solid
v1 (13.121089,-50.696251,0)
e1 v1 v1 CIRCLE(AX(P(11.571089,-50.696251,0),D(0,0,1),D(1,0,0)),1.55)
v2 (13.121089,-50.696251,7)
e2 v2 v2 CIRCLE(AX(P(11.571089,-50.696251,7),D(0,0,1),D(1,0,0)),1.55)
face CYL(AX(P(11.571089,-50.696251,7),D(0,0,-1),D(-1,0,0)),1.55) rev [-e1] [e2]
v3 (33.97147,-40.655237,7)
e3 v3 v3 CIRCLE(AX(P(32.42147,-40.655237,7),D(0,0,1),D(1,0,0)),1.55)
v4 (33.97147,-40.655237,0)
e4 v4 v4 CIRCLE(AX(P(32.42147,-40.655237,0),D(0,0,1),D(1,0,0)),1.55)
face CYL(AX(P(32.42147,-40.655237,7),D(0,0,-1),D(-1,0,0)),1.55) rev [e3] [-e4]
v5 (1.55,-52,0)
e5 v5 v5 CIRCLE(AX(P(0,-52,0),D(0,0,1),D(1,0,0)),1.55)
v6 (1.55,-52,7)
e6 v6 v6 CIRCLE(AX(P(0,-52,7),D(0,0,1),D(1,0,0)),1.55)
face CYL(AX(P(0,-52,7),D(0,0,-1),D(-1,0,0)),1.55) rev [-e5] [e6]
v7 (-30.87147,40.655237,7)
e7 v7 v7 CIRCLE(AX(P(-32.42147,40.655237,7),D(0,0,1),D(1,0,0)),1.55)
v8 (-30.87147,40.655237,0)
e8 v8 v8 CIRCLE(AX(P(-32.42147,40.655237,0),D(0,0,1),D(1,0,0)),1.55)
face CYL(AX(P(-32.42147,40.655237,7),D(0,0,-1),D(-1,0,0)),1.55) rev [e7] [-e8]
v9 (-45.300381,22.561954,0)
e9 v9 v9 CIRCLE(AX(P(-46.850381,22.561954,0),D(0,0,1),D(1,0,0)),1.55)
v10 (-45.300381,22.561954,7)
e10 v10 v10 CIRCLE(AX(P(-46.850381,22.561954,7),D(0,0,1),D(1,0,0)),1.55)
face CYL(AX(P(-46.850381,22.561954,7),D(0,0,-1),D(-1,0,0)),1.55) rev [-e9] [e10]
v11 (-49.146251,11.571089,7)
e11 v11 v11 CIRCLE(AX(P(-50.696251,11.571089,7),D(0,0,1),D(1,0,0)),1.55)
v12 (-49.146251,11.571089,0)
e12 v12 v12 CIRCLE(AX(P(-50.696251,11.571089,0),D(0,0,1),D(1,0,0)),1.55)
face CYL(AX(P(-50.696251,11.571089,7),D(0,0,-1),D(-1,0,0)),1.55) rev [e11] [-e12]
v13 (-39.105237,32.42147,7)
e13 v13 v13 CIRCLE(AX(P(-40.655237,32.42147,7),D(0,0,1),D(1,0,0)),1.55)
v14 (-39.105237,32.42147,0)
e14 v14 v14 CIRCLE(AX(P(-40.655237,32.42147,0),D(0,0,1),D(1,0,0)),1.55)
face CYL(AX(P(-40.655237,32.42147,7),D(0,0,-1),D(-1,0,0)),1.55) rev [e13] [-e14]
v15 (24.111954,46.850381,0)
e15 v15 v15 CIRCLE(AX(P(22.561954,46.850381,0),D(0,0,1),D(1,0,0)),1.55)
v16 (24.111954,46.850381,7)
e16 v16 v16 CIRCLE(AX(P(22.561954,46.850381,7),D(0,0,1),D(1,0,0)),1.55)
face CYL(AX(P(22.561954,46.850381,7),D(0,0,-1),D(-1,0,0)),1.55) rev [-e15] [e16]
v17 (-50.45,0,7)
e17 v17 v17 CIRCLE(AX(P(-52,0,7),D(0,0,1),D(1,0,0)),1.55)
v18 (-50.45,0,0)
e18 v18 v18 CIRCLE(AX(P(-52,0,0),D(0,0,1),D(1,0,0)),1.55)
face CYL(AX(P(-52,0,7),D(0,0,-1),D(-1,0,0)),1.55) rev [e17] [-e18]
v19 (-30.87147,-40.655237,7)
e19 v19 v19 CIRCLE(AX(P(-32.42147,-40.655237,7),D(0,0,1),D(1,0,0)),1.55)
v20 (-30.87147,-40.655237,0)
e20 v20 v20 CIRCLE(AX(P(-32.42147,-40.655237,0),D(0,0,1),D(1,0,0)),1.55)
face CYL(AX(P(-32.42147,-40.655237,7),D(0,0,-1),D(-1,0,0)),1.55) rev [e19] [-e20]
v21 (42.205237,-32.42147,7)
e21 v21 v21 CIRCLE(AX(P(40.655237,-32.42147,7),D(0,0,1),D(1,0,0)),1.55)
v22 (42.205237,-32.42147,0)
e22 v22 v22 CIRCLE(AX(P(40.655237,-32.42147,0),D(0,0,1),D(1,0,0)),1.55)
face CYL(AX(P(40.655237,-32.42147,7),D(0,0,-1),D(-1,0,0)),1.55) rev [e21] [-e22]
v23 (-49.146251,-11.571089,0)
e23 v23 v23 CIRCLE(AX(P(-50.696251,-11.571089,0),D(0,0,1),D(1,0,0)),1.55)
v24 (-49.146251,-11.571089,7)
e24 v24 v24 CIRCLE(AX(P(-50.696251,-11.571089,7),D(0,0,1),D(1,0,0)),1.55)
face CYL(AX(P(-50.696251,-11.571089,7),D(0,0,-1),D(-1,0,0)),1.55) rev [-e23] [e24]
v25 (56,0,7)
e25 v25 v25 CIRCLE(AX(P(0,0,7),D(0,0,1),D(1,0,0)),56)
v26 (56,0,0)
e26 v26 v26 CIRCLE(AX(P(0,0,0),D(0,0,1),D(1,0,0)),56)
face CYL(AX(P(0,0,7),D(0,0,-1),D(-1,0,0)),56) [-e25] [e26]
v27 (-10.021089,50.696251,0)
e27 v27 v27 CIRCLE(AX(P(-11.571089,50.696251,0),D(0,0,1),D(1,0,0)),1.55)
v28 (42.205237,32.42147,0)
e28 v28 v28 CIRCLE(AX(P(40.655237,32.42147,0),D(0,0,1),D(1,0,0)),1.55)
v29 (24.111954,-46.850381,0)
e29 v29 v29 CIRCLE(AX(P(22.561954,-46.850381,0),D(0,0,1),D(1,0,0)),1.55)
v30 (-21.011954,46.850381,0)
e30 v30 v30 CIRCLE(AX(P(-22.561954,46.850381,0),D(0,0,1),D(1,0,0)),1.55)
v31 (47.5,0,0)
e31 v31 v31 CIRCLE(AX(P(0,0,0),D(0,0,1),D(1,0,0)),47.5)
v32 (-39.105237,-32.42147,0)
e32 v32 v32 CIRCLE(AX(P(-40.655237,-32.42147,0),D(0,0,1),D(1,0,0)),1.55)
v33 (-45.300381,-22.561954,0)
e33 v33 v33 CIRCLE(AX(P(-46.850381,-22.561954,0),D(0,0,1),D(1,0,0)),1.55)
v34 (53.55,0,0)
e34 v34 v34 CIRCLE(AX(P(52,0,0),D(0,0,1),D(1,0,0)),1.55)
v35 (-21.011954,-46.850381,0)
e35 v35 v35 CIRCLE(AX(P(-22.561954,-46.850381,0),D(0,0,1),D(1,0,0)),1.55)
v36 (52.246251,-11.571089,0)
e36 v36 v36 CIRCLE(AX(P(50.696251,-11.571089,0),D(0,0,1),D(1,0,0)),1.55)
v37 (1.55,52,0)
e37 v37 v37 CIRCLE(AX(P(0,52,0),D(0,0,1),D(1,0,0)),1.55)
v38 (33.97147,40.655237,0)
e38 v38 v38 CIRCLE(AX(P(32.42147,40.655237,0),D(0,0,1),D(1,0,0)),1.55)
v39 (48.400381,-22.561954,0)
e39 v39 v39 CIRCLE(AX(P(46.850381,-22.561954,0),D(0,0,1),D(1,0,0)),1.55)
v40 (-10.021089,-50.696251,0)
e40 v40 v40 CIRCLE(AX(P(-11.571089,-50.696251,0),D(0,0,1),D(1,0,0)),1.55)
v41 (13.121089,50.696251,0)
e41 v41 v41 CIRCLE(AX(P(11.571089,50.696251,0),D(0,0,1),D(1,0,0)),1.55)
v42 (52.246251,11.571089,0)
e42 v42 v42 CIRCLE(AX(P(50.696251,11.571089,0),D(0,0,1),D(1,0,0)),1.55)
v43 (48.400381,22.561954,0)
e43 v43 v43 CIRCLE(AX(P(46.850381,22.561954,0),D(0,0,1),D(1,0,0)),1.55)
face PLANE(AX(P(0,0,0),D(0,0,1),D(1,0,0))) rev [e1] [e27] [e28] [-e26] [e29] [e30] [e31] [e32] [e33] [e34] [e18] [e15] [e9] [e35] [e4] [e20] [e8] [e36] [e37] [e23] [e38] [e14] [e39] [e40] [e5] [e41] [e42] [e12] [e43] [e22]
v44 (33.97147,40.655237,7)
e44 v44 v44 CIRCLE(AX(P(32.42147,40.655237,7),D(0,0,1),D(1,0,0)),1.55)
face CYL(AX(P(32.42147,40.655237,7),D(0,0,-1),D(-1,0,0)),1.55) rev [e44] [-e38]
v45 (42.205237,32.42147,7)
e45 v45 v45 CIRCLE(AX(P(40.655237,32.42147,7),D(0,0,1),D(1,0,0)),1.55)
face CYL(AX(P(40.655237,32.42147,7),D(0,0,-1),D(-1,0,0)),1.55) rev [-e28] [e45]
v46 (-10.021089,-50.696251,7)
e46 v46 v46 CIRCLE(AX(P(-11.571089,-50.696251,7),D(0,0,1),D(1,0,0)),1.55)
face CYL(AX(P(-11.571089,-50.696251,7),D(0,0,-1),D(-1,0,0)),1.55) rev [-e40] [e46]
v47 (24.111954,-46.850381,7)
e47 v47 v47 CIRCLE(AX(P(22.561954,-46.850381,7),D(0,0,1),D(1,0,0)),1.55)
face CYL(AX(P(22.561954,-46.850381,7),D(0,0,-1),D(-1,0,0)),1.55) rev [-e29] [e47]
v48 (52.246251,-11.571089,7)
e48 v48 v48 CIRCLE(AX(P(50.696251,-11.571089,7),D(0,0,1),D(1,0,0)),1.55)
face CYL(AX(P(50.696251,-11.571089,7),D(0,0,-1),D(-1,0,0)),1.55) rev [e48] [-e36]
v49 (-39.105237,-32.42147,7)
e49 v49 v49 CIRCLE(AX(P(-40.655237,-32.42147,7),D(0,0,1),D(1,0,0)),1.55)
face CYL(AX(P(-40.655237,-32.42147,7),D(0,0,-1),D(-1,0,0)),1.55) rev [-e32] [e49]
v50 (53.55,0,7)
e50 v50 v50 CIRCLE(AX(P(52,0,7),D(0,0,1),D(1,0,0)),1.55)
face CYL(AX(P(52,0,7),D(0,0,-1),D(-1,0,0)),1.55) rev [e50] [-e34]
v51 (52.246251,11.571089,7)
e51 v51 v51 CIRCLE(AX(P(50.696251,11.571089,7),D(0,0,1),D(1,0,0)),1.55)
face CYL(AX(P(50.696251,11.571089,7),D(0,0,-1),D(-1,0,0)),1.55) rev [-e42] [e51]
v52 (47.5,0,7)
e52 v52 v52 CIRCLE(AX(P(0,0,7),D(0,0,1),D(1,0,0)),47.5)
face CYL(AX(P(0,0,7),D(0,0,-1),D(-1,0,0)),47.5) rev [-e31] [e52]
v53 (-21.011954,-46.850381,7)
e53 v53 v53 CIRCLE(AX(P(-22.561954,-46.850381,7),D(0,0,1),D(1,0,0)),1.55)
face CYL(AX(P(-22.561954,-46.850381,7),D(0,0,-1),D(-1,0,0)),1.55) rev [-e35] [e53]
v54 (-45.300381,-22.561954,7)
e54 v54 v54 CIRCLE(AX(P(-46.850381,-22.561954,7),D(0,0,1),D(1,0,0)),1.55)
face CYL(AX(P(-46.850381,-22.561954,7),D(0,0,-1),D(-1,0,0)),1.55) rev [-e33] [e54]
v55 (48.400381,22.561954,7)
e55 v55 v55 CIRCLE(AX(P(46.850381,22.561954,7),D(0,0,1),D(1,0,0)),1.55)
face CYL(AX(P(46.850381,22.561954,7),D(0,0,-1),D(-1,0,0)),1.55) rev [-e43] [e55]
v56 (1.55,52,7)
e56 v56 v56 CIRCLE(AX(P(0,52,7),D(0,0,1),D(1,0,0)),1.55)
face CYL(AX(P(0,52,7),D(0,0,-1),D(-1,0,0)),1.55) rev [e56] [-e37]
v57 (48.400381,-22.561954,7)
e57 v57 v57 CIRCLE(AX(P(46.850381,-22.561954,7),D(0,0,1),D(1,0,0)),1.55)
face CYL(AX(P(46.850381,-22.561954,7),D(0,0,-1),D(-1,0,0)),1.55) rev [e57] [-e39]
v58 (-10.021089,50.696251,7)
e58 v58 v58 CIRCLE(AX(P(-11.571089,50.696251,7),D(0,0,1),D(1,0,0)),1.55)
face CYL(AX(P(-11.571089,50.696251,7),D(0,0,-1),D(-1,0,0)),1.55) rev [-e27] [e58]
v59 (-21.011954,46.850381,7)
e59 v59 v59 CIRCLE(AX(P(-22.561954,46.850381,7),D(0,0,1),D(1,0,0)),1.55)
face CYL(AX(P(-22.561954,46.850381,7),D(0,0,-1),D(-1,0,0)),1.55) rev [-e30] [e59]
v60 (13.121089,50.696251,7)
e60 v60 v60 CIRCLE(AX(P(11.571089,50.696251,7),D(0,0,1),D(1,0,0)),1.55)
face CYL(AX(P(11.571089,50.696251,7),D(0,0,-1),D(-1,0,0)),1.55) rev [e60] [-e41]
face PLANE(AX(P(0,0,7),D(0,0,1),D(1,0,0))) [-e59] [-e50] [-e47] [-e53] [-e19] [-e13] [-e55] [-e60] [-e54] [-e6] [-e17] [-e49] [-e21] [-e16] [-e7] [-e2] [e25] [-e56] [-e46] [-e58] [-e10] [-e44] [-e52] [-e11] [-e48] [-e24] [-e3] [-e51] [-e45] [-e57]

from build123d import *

# Parameters (mm, degrees)
SKETCH_1_R      = 56
SKETCH_1_R_2    = 47.5
SKETCH_1_R_3    = 1.55
EXTRUDE_1_DEPTH = 7


with BuildPart() as part:
    # 草图1 → 凸台-拉伸1 (new body)
    with BuildSketch(Plane.XY):
        Circle(SKETCH_1_R)
        Circle(SKETCH_1_R_2, mode=Mode.SUBTRACT)
        with Locations((0, 52)):
            Circle(SKETCH_1_R_3, mode=Mode.SUBTRACT)
        with Locations((11.571088566, 50.696251433)):
            Circle(SKETCH_1_R_3, mode=Mode.SUBTRACT)
        with Locations((22.561954434, 46.850381131)):
            Circle(SKETCH_1_R_3, mode=Mode.SUBTRACT)
        with Locations((32.421469697, 40.655237088)):
            Circle(SKETCH_1_R_3, mode=Mode.SUBTRACT)
        with Locations((40.655237088, 32.421469697)):
            Circle(SKETCH_1_R_3, mode=Mode.SUBTRACT)
        with Locations((46.850381131, 22.561954434)):
            Circle(SKETCH_1_R_3, mode=Mode.SUBTRACT)
        with Locations((50.696251433, 11.571088566)):
            Circle(SKETCH_1_R_3, mode=Mode.SUBTRACT)
        with Locations((52, 0)):
            Circle(SKETCH_1_R_3, mode=Mode.SUBTRACT)
        with Locations((50.696251433, -11.571088566)):
            Circle(SKETCH_1_R_3, mode=Mode.SUBTRACT)
        with Locations((46.850381131, -22.561954434)):
            Circle(SKETCH_1_R_3, mode=Mode.SUBTRACT)
        with Locations((40.655237088, -32.421469697)):
            Circle(SKETCH_1_R_3, mode=Mode.SUBTRACT)
        with Locations((32.421469697, -40.655237088)):
            Circle(SKETCH_1_R_3, mode=Mode.SUBTRACT)
        with Locations((22.561954434, -46.850381131)):
            Circle(SKETCH_1_R_3, mode=Mode.SUBTRACT)
        with Locations((11.571088566, -50.696251433)):
            Circle(SKETCH_1_R_3, mode=Mode.SUBTRACT)
        with Locations((0, -52)):
            Circle(SKETCH_1_R_3, mode=Mode.SUBTRACT)
        with Locations((-11.571088566, -50.696251433)):
            Circle(SKETCH_1_R_3, mode=Mode.SUBTRACT)
        with Locations((-22.561954434, -46.850381131)):
            Circle(SKETCH_1_R_3, mode=Mode.SUBTRACT)
        with Locations((-32.421469697, -40.655237088)):
            Circle(SKETCH_1_R_3, mode=Mode.SUBTRACT)
        with Locations((-40.655237088, -32.421469697)):
            Circle(SKETCH_1_R_3, mode=Mode.SUBTRACT)
        with Locations((-46.850381131, -22.561954434)):
            Circle(SKETCH_1_R_3, mode=Mode.SUBTRACT)
        with Locations((-50.696251433, -11.571088566)):
            Circle(SKETCH_1_R_3, mode=Mode.SUBTRACT)
        with Locations((-52, 0)):
            Circle(SKETCH_1_R_3, mode=Mode.SUBTRACT)
        with Locations((-50.696251433, 11.571088566)):
            Circle(SKETCH_1_R_3, mode=Mode.SUBTRACT)
        with Locations((-46.850381131, 22.561954434)):
            Circle(SKETCH_1_R_3, mode=Mode.SUBTRACT)
        with Locations((-40.655237088, 32.421469697)):
            Circle(SKETCH_1_R_3, mode=Mode.SUBTRACT)
        with Locations((-32.421469697, 40.655237088)):
            Circle(SKETCH_1_R_3, mode=Mode.SUBTRACT)
        with Locations((-22.561954434, 46.850381131)):
            Circle(SKETCH_1_R_3, mode=Mode.SUBTRACT)
        with Locations((-11.571088566, 50.696251433)):
            Circle(SKETCH_1_R_3, mode=Mode.SUBTRACT)
    extrude(amount=EXTRUDE_1_DEPTH)


solid = part.part
